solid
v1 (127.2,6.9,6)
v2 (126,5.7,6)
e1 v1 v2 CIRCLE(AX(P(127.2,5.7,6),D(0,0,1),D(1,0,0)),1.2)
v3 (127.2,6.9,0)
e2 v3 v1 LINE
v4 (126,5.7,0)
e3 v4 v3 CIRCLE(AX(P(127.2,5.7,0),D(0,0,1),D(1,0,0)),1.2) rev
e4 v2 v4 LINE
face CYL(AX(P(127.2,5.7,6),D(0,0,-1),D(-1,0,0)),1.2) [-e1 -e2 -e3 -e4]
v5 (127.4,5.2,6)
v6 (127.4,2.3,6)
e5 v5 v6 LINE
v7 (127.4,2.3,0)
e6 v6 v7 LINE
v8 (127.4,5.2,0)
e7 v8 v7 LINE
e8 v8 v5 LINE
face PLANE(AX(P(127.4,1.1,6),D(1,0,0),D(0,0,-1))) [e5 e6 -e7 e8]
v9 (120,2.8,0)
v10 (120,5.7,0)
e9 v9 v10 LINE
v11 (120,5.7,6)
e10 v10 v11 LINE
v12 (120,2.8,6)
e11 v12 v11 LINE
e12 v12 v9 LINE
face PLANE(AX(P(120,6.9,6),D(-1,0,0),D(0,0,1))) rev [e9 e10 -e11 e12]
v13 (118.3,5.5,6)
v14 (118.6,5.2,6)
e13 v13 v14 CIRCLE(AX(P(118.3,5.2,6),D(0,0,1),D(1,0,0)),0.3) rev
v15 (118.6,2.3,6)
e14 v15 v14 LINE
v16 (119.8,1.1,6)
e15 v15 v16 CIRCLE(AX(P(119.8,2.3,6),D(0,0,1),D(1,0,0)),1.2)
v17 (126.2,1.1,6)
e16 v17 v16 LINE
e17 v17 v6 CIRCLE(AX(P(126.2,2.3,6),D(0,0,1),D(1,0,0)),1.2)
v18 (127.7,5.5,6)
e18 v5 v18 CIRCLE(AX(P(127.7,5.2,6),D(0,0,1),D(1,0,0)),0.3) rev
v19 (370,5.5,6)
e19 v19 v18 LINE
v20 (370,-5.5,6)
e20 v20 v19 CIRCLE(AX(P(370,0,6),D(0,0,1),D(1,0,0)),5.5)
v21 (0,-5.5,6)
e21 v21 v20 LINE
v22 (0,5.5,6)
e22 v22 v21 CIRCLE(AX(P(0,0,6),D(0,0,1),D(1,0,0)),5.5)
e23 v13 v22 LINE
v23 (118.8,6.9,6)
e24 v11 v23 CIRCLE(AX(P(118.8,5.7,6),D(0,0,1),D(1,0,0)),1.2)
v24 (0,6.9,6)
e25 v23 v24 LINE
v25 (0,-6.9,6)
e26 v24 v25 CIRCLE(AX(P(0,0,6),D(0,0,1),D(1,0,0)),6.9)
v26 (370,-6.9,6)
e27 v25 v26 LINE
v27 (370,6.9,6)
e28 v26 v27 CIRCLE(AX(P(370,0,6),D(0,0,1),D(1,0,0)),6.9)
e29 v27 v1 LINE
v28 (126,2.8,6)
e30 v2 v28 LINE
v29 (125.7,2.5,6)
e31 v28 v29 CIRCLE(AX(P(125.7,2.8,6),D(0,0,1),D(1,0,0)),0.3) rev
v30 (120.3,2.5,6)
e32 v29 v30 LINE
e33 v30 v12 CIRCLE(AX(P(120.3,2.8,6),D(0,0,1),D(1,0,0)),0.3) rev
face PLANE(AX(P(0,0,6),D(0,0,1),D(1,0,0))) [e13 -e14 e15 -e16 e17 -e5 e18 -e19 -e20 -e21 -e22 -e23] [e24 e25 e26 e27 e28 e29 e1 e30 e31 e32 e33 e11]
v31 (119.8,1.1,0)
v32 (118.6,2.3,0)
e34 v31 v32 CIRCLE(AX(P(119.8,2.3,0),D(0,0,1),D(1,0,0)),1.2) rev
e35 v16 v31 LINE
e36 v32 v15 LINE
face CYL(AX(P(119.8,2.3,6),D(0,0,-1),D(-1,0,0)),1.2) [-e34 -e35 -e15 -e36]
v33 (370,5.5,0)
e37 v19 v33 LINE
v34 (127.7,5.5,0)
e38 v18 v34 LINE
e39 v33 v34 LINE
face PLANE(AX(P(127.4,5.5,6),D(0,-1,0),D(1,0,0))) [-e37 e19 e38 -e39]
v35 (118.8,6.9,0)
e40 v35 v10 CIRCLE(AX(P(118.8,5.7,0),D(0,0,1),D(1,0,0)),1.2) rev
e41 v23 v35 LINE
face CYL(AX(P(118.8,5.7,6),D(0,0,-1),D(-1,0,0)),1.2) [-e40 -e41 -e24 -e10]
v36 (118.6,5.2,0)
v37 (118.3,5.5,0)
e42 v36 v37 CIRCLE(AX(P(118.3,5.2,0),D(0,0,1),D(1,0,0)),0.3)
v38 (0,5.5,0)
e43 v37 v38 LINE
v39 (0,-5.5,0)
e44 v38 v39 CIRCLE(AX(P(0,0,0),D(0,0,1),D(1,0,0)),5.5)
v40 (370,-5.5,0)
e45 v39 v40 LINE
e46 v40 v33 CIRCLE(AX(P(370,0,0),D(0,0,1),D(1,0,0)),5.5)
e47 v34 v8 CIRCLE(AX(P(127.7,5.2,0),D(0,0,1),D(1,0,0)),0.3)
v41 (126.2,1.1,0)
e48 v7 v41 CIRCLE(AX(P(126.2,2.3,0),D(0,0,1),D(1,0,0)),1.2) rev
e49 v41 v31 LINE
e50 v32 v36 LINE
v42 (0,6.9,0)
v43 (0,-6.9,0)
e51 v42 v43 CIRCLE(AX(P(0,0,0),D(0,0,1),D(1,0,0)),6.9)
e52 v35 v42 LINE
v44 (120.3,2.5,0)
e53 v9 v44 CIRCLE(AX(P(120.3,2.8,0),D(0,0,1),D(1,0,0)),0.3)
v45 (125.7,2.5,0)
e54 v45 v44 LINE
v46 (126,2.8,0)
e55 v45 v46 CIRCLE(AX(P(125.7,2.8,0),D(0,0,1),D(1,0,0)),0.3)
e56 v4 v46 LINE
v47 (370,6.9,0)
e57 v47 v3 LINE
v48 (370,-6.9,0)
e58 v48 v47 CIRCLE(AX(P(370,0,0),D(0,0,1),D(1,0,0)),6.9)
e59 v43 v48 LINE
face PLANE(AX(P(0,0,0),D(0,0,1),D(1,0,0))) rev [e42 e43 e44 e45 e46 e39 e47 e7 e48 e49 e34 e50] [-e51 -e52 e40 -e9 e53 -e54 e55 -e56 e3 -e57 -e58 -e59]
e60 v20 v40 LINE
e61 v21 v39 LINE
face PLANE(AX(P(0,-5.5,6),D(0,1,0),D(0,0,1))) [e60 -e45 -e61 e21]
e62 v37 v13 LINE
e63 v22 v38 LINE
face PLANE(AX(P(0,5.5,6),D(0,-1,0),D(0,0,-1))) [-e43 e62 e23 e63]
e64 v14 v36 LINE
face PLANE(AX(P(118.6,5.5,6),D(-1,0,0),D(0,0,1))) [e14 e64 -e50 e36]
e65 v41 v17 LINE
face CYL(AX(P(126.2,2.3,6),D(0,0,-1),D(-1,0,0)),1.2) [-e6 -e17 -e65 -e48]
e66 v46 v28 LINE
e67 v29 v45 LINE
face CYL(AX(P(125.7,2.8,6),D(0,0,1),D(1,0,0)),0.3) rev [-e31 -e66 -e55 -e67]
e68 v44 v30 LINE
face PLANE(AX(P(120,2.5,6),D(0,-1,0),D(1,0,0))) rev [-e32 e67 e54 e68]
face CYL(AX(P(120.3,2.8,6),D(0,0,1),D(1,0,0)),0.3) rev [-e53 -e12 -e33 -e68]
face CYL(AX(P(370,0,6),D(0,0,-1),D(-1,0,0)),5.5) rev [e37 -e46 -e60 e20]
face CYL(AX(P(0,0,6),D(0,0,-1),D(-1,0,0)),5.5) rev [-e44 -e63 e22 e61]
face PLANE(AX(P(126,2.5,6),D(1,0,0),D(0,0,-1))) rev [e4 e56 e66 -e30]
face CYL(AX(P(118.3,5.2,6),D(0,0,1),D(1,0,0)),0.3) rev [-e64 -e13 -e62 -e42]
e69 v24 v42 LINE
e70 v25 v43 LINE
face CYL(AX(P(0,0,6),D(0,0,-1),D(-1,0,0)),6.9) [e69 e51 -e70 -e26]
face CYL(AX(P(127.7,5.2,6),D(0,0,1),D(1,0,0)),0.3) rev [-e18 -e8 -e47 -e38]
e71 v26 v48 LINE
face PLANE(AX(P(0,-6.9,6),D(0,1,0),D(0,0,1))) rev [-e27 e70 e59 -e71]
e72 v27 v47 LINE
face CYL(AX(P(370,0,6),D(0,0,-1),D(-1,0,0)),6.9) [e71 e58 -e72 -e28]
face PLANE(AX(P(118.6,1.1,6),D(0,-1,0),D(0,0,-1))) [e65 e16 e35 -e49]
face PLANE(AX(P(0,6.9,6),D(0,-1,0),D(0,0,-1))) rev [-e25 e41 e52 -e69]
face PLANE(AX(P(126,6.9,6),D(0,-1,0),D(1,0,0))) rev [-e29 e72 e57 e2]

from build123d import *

# Parameters (mm, degrees)
SALIENTE_EXTRUIR1_DEPTH = 6
REDONDEO1_R             = 0.3
REDONDEO2_R             = 1.2


with BuildPart() as part:
    # Croquis1 → Saliente-Extruir1 (new body)
    with BuildSketch(Plane.XY):
        with BuildLine():
            Line((0, 6.9), (120, 6.9))
            Line((120, 6.9), (120, 2.5))
            Line((120, 2.5), (126, 2.5))
            Line((126, 2.5), (126, 6.9))
            Line((126, 6.9), (370, 6.9))
            ThreePointArc((370, 6.9), (376.9, 0), (370, -6.9))
            Line((370, -6.9), (0, -6.9))
            ThreePointArc((0, -6.9), (-6.9, 0), (0, 6.9))
        make_face()
        with BuildLine():
            Line((0, 5.5), (118.6, 5.5))
            Line((118.6, 5.5), (118.6, 1.1))
            Line((118.6, 1.1), (127.4, 1.1))
            Line((127.4, 1.1), (127.4, 5.5))
            Line((127.4, 5.5), (370, 5.5))
            ThreePointArc((370, 5.5), (375.5, 0), (370, -5.5))
            Line((370, -5.5), (0, -5.5))
            ThreePointArc((0, -5.5), (-5.5, 0), (0, 5.5))
        make_face(mode=Mode.SUBTRACT)
    extrude(amount=SALIENTE_EXTRUIR1_DEPTH)

    # Redondeo1
    redondeo1_edges = [part.edges().sort_by_distance(p)[0] for p in [
        (120, 2.5, 3),
        (126, 2.5, 3),
        (127.4, 5.5, 3),
        (118.6, 5.5, 3),
    ]]
    fillet(redondeo1_edges, radius=REDONDEO1_R)

    # Redondeo2
    redondeo2_edges = [part.edges().sort_by_distance(p)[0] for p in [
        (120, 6.9, 3),
        (126, 6.9, 3),
        (127.4, 1.1, 3),
        (118.6, 1.1, 3),
    ]]
    fillet(redondeo2_edges, radius=REDONDEO2_R)


solid = part.part
